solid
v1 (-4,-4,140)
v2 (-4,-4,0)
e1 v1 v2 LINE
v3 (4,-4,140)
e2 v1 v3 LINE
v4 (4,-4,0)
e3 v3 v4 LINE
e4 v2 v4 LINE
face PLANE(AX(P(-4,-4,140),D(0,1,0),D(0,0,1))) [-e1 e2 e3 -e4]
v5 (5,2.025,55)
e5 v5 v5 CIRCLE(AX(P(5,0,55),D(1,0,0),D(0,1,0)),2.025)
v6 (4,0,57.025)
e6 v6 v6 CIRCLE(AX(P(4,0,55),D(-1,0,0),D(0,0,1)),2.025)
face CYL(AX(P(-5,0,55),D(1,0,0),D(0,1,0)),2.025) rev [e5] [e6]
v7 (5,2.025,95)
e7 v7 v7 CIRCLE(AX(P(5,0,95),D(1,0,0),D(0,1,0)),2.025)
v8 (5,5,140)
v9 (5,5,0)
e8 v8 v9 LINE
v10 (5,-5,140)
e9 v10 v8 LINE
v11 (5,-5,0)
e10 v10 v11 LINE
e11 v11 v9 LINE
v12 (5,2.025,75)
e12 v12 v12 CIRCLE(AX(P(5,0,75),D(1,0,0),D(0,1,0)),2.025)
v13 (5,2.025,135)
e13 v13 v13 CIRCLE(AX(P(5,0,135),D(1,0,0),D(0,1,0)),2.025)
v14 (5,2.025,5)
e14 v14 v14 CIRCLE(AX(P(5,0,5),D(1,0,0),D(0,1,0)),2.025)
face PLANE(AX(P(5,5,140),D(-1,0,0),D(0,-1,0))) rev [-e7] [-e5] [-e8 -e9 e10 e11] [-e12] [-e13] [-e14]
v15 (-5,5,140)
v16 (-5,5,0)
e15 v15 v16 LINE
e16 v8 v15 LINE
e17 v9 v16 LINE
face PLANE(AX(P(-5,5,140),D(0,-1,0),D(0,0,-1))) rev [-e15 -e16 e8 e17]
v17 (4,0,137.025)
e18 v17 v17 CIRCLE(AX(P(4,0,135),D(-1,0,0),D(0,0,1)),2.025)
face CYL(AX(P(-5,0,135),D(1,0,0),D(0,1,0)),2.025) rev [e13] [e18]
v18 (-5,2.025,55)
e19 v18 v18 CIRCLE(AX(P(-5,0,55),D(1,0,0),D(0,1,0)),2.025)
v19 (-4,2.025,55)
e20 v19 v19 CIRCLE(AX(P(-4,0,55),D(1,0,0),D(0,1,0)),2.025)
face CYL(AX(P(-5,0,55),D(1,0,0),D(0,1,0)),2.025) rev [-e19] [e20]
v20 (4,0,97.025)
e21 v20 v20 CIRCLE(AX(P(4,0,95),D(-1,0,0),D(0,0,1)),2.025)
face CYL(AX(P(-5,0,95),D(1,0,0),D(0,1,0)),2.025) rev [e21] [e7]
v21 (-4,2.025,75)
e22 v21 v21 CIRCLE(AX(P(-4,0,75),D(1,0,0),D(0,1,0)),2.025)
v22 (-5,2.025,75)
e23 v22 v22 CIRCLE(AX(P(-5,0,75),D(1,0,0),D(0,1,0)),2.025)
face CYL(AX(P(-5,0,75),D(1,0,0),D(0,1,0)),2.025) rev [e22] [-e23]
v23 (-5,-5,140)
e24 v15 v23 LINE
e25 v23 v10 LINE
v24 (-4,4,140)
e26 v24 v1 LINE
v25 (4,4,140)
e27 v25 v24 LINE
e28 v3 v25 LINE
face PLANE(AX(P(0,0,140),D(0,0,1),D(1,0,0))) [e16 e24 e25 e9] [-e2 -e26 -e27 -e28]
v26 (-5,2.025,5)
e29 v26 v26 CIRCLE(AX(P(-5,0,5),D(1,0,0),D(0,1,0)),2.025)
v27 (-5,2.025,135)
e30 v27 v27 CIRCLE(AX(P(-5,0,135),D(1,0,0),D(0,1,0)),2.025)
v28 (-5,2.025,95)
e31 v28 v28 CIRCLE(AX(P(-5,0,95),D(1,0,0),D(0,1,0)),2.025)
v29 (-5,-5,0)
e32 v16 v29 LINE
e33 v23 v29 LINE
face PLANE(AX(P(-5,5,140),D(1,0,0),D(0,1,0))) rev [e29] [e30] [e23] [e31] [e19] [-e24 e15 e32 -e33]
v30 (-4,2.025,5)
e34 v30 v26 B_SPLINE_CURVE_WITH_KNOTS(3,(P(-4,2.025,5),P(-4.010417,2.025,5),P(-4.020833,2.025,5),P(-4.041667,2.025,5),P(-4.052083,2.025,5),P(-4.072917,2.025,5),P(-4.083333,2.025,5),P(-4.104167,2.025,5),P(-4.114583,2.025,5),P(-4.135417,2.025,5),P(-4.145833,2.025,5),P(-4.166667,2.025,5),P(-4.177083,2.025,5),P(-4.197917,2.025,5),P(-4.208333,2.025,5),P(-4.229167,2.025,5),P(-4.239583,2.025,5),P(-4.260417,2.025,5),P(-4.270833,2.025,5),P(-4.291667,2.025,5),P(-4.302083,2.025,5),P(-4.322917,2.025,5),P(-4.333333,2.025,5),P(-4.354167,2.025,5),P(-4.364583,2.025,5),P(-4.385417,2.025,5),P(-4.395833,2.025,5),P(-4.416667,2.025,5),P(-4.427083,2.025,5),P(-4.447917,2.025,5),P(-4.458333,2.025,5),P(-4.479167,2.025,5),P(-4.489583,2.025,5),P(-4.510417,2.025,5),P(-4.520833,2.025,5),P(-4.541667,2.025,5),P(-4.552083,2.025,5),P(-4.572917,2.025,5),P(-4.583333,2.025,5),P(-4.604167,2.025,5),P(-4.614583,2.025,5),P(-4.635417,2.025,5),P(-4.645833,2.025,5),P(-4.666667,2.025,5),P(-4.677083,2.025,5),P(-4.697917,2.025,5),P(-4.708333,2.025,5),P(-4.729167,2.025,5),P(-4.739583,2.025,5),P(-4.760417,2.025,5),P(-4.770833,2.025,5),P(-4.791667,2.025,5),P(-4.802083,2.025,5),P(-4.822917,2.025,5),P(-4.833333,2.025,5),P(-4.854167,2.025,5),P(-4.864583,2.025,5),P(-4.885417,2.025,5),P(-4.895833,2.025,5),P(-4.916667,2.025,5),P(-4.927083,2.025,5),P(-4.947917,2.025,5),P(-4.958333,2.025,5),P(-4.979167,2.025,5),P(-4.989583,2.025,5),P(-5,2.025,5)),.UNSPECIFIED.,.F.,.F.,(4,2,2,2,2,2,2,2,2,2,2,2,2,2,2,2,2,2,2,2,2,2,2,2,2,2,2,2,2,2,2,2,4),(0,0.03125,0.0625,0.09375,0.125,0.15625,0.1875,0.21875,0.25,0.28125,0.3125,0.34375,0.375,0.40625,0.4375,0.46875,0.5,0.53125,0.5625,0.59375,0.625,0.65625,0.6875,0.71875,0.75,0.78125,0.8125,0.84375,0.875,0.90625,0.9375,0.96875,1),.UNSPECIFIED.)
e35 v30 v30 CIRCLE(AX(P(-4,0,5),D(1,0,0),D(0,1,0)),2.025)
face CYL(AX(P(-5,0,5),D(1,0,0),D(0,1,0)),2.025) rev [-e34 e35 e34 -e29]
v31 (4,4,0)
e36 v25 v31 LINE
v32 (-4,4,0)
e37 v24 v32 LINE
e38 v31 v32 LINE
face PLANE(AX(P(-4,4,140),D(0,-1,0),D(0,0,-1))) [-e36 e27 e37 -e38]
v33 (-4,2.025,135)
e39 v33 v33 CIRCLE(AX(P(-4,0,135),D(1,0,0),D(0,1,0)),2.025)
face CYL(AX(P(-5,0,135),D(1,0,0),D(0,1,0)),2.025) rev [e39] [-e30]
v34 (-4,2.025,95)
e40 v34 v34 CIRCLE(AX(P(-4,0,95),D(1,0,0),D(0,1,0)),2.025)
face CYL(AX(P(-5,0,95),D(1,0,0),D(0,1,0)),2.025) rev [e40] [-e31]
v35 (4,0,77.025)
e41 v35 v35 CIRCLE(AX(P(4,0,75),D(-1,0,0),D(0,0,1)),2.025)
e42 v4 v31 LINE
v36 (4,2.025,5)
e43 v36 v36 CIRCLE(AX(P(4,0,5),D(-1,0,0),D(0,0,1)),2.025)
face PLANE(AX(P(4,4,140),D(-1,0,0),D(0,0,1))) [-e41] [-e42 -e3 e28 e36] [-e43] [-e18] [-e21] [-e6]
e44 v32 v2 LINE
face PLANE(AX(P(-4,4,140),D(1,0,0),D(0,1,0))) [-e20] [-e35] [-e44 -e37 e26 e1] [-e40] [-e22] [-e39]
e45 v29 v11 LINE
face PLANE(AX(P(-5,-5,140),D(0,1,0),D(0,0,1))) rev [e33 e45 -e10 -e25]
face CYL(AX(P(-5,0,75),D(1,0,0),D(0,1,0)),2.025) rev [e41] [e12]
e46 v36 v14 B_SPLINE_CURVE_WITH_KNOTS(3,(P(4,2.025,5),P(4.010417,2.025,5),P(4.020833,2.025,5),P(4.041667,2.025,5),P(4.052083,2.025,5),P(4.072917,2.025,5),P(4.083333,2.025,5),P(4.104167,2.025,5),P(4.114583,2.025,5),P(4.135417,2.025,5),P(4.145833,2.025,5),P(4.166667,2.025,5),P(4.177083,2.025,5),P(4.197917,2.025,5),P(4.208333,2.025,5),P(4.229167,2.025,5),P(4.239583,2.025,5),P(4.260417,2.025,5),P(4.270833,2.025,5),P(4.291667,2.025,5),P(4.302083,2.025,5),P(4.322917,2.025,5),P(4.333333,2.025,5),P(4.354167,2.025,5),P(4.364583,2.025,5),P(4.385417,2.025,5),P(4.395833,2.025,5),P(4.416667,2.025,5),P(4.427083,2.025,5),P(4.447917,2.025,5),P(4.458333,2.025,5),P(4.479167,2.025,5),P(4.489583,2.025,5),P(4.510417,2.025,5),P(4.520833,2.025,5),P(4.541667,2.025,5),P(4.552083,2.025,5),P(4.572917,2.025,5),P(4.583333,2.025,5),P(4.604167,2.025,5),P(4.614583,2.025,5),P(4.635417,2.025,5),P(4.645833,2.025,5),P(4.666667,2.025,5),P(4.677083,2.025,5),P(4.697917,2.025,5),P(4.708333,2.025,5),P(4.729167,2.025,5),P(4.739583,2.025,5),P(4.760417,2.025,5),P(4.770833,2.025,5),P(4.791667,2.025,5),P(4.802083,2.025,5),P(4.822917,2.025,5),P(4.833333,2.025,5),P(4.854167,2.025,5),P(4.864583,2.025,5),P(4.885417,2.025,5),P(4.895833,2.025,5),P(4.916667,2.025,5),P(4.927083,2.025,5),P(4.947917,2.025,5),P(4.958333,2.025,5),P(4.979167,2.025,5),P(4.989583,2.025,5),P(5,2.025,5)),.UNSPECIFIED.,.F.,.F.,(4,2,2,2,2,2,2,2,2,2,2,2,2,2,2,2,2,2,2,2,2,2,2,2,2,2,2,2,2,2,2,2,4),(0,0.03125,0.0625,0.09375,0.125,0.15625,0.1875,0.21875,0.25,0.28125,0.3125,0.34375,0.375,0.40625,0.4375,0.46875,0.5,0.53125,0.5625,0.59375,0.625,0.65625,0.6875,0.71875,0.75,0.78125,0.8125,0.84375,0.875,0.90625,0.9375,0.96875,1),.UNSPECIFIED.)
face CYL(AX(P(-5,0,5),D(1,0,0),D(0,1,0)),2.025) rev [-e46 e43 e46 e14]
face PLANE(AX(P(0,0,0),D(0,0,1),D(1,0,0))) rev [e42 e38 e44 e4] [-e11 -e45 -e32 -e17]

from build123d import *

# Parameters (mm, degrees)
SKETCH1_W           = 10
SKETCH1_H           = 10
SKETCH1_W_2         = 8
SKETCH1_H_2         = 8
BOSS_EXTRUDE1_DEPTH = 140
SKETCH2_R           = 2.025
CUT_EXTRUDE1_DEPTH  = 141.445719052
SKETCH3_R           = 2.025
CUT_EXTRUDE2_DEPTH  = 141.445719052
SKETCH4_R           = 2.025
CUT_EXTRUDE3_DEPTH  = 141.445719052


with BuildPart() as part:
    # Sketch1 → Boss-Extrude1 (new body)
    with BuildSketch(Plane.XY):
        Rectangle(SKETCH1_W, SKETCH1_H)
        Rectangle(SKETCH1_W_2, SKETCH1_H_2, mode=Mode.SUBTRACT)
    extrude(amount=BOSS_EXTRUDE1_DEPTH)

    # Sketch2 → Cut-Extrude1 (cut, through all)
    with BuildSketch(Plane(origin=(5, 0, 0), x_dir=(0, 0, -1), z_dir=(1, 0, 0))):
        with Locations(Location((-5, 0, 0), (0, 0, 90))):
            Circle(SKETCH2_R)
    extrude(amount=-CUT_EXTRUDE1_DEPTH, mode=Mode.SUBTRACT)

    # Sketch3 → Cut-Extrude2 (cut, through all)
    with BuildSketch(Plane(origin=(5, 0, 0), x_dir=(0, 0, -1), z_dir=(1, 0, 0))):
        with Locations(Location((-75, 0, 0), (0, 0, 90))):
            Circle(SKETCH3_R)
        with Locations(Location((-55, 0, 0), (0, 0, 90))):
            Circle(SKETCH3_R)
    extrude(amount=-CUT_EXTRUDE2_DEPTH, mode=Mode.SUBTRACT)

    # Sketch4 → Cut-Extrude3 (cut, through all)
    with BuildSketch(Plane(origin=(5, 0, 0), x_dir=(0, 0, -1), z_dir=(1, 0, 0))):
        with Locations(Location((-135, 0, 0), (0, 0, 90))):
            Circle(SKETCH4_R)
        with Locations(Location((-95, 0, 0), (0, 0, 90))):
            Circle(SKETCH4_R)
    extrude(amount=-CUT_EXTRUDE3_DEPTH, mode=Mode.SUBTRACT)


solid = part.part
